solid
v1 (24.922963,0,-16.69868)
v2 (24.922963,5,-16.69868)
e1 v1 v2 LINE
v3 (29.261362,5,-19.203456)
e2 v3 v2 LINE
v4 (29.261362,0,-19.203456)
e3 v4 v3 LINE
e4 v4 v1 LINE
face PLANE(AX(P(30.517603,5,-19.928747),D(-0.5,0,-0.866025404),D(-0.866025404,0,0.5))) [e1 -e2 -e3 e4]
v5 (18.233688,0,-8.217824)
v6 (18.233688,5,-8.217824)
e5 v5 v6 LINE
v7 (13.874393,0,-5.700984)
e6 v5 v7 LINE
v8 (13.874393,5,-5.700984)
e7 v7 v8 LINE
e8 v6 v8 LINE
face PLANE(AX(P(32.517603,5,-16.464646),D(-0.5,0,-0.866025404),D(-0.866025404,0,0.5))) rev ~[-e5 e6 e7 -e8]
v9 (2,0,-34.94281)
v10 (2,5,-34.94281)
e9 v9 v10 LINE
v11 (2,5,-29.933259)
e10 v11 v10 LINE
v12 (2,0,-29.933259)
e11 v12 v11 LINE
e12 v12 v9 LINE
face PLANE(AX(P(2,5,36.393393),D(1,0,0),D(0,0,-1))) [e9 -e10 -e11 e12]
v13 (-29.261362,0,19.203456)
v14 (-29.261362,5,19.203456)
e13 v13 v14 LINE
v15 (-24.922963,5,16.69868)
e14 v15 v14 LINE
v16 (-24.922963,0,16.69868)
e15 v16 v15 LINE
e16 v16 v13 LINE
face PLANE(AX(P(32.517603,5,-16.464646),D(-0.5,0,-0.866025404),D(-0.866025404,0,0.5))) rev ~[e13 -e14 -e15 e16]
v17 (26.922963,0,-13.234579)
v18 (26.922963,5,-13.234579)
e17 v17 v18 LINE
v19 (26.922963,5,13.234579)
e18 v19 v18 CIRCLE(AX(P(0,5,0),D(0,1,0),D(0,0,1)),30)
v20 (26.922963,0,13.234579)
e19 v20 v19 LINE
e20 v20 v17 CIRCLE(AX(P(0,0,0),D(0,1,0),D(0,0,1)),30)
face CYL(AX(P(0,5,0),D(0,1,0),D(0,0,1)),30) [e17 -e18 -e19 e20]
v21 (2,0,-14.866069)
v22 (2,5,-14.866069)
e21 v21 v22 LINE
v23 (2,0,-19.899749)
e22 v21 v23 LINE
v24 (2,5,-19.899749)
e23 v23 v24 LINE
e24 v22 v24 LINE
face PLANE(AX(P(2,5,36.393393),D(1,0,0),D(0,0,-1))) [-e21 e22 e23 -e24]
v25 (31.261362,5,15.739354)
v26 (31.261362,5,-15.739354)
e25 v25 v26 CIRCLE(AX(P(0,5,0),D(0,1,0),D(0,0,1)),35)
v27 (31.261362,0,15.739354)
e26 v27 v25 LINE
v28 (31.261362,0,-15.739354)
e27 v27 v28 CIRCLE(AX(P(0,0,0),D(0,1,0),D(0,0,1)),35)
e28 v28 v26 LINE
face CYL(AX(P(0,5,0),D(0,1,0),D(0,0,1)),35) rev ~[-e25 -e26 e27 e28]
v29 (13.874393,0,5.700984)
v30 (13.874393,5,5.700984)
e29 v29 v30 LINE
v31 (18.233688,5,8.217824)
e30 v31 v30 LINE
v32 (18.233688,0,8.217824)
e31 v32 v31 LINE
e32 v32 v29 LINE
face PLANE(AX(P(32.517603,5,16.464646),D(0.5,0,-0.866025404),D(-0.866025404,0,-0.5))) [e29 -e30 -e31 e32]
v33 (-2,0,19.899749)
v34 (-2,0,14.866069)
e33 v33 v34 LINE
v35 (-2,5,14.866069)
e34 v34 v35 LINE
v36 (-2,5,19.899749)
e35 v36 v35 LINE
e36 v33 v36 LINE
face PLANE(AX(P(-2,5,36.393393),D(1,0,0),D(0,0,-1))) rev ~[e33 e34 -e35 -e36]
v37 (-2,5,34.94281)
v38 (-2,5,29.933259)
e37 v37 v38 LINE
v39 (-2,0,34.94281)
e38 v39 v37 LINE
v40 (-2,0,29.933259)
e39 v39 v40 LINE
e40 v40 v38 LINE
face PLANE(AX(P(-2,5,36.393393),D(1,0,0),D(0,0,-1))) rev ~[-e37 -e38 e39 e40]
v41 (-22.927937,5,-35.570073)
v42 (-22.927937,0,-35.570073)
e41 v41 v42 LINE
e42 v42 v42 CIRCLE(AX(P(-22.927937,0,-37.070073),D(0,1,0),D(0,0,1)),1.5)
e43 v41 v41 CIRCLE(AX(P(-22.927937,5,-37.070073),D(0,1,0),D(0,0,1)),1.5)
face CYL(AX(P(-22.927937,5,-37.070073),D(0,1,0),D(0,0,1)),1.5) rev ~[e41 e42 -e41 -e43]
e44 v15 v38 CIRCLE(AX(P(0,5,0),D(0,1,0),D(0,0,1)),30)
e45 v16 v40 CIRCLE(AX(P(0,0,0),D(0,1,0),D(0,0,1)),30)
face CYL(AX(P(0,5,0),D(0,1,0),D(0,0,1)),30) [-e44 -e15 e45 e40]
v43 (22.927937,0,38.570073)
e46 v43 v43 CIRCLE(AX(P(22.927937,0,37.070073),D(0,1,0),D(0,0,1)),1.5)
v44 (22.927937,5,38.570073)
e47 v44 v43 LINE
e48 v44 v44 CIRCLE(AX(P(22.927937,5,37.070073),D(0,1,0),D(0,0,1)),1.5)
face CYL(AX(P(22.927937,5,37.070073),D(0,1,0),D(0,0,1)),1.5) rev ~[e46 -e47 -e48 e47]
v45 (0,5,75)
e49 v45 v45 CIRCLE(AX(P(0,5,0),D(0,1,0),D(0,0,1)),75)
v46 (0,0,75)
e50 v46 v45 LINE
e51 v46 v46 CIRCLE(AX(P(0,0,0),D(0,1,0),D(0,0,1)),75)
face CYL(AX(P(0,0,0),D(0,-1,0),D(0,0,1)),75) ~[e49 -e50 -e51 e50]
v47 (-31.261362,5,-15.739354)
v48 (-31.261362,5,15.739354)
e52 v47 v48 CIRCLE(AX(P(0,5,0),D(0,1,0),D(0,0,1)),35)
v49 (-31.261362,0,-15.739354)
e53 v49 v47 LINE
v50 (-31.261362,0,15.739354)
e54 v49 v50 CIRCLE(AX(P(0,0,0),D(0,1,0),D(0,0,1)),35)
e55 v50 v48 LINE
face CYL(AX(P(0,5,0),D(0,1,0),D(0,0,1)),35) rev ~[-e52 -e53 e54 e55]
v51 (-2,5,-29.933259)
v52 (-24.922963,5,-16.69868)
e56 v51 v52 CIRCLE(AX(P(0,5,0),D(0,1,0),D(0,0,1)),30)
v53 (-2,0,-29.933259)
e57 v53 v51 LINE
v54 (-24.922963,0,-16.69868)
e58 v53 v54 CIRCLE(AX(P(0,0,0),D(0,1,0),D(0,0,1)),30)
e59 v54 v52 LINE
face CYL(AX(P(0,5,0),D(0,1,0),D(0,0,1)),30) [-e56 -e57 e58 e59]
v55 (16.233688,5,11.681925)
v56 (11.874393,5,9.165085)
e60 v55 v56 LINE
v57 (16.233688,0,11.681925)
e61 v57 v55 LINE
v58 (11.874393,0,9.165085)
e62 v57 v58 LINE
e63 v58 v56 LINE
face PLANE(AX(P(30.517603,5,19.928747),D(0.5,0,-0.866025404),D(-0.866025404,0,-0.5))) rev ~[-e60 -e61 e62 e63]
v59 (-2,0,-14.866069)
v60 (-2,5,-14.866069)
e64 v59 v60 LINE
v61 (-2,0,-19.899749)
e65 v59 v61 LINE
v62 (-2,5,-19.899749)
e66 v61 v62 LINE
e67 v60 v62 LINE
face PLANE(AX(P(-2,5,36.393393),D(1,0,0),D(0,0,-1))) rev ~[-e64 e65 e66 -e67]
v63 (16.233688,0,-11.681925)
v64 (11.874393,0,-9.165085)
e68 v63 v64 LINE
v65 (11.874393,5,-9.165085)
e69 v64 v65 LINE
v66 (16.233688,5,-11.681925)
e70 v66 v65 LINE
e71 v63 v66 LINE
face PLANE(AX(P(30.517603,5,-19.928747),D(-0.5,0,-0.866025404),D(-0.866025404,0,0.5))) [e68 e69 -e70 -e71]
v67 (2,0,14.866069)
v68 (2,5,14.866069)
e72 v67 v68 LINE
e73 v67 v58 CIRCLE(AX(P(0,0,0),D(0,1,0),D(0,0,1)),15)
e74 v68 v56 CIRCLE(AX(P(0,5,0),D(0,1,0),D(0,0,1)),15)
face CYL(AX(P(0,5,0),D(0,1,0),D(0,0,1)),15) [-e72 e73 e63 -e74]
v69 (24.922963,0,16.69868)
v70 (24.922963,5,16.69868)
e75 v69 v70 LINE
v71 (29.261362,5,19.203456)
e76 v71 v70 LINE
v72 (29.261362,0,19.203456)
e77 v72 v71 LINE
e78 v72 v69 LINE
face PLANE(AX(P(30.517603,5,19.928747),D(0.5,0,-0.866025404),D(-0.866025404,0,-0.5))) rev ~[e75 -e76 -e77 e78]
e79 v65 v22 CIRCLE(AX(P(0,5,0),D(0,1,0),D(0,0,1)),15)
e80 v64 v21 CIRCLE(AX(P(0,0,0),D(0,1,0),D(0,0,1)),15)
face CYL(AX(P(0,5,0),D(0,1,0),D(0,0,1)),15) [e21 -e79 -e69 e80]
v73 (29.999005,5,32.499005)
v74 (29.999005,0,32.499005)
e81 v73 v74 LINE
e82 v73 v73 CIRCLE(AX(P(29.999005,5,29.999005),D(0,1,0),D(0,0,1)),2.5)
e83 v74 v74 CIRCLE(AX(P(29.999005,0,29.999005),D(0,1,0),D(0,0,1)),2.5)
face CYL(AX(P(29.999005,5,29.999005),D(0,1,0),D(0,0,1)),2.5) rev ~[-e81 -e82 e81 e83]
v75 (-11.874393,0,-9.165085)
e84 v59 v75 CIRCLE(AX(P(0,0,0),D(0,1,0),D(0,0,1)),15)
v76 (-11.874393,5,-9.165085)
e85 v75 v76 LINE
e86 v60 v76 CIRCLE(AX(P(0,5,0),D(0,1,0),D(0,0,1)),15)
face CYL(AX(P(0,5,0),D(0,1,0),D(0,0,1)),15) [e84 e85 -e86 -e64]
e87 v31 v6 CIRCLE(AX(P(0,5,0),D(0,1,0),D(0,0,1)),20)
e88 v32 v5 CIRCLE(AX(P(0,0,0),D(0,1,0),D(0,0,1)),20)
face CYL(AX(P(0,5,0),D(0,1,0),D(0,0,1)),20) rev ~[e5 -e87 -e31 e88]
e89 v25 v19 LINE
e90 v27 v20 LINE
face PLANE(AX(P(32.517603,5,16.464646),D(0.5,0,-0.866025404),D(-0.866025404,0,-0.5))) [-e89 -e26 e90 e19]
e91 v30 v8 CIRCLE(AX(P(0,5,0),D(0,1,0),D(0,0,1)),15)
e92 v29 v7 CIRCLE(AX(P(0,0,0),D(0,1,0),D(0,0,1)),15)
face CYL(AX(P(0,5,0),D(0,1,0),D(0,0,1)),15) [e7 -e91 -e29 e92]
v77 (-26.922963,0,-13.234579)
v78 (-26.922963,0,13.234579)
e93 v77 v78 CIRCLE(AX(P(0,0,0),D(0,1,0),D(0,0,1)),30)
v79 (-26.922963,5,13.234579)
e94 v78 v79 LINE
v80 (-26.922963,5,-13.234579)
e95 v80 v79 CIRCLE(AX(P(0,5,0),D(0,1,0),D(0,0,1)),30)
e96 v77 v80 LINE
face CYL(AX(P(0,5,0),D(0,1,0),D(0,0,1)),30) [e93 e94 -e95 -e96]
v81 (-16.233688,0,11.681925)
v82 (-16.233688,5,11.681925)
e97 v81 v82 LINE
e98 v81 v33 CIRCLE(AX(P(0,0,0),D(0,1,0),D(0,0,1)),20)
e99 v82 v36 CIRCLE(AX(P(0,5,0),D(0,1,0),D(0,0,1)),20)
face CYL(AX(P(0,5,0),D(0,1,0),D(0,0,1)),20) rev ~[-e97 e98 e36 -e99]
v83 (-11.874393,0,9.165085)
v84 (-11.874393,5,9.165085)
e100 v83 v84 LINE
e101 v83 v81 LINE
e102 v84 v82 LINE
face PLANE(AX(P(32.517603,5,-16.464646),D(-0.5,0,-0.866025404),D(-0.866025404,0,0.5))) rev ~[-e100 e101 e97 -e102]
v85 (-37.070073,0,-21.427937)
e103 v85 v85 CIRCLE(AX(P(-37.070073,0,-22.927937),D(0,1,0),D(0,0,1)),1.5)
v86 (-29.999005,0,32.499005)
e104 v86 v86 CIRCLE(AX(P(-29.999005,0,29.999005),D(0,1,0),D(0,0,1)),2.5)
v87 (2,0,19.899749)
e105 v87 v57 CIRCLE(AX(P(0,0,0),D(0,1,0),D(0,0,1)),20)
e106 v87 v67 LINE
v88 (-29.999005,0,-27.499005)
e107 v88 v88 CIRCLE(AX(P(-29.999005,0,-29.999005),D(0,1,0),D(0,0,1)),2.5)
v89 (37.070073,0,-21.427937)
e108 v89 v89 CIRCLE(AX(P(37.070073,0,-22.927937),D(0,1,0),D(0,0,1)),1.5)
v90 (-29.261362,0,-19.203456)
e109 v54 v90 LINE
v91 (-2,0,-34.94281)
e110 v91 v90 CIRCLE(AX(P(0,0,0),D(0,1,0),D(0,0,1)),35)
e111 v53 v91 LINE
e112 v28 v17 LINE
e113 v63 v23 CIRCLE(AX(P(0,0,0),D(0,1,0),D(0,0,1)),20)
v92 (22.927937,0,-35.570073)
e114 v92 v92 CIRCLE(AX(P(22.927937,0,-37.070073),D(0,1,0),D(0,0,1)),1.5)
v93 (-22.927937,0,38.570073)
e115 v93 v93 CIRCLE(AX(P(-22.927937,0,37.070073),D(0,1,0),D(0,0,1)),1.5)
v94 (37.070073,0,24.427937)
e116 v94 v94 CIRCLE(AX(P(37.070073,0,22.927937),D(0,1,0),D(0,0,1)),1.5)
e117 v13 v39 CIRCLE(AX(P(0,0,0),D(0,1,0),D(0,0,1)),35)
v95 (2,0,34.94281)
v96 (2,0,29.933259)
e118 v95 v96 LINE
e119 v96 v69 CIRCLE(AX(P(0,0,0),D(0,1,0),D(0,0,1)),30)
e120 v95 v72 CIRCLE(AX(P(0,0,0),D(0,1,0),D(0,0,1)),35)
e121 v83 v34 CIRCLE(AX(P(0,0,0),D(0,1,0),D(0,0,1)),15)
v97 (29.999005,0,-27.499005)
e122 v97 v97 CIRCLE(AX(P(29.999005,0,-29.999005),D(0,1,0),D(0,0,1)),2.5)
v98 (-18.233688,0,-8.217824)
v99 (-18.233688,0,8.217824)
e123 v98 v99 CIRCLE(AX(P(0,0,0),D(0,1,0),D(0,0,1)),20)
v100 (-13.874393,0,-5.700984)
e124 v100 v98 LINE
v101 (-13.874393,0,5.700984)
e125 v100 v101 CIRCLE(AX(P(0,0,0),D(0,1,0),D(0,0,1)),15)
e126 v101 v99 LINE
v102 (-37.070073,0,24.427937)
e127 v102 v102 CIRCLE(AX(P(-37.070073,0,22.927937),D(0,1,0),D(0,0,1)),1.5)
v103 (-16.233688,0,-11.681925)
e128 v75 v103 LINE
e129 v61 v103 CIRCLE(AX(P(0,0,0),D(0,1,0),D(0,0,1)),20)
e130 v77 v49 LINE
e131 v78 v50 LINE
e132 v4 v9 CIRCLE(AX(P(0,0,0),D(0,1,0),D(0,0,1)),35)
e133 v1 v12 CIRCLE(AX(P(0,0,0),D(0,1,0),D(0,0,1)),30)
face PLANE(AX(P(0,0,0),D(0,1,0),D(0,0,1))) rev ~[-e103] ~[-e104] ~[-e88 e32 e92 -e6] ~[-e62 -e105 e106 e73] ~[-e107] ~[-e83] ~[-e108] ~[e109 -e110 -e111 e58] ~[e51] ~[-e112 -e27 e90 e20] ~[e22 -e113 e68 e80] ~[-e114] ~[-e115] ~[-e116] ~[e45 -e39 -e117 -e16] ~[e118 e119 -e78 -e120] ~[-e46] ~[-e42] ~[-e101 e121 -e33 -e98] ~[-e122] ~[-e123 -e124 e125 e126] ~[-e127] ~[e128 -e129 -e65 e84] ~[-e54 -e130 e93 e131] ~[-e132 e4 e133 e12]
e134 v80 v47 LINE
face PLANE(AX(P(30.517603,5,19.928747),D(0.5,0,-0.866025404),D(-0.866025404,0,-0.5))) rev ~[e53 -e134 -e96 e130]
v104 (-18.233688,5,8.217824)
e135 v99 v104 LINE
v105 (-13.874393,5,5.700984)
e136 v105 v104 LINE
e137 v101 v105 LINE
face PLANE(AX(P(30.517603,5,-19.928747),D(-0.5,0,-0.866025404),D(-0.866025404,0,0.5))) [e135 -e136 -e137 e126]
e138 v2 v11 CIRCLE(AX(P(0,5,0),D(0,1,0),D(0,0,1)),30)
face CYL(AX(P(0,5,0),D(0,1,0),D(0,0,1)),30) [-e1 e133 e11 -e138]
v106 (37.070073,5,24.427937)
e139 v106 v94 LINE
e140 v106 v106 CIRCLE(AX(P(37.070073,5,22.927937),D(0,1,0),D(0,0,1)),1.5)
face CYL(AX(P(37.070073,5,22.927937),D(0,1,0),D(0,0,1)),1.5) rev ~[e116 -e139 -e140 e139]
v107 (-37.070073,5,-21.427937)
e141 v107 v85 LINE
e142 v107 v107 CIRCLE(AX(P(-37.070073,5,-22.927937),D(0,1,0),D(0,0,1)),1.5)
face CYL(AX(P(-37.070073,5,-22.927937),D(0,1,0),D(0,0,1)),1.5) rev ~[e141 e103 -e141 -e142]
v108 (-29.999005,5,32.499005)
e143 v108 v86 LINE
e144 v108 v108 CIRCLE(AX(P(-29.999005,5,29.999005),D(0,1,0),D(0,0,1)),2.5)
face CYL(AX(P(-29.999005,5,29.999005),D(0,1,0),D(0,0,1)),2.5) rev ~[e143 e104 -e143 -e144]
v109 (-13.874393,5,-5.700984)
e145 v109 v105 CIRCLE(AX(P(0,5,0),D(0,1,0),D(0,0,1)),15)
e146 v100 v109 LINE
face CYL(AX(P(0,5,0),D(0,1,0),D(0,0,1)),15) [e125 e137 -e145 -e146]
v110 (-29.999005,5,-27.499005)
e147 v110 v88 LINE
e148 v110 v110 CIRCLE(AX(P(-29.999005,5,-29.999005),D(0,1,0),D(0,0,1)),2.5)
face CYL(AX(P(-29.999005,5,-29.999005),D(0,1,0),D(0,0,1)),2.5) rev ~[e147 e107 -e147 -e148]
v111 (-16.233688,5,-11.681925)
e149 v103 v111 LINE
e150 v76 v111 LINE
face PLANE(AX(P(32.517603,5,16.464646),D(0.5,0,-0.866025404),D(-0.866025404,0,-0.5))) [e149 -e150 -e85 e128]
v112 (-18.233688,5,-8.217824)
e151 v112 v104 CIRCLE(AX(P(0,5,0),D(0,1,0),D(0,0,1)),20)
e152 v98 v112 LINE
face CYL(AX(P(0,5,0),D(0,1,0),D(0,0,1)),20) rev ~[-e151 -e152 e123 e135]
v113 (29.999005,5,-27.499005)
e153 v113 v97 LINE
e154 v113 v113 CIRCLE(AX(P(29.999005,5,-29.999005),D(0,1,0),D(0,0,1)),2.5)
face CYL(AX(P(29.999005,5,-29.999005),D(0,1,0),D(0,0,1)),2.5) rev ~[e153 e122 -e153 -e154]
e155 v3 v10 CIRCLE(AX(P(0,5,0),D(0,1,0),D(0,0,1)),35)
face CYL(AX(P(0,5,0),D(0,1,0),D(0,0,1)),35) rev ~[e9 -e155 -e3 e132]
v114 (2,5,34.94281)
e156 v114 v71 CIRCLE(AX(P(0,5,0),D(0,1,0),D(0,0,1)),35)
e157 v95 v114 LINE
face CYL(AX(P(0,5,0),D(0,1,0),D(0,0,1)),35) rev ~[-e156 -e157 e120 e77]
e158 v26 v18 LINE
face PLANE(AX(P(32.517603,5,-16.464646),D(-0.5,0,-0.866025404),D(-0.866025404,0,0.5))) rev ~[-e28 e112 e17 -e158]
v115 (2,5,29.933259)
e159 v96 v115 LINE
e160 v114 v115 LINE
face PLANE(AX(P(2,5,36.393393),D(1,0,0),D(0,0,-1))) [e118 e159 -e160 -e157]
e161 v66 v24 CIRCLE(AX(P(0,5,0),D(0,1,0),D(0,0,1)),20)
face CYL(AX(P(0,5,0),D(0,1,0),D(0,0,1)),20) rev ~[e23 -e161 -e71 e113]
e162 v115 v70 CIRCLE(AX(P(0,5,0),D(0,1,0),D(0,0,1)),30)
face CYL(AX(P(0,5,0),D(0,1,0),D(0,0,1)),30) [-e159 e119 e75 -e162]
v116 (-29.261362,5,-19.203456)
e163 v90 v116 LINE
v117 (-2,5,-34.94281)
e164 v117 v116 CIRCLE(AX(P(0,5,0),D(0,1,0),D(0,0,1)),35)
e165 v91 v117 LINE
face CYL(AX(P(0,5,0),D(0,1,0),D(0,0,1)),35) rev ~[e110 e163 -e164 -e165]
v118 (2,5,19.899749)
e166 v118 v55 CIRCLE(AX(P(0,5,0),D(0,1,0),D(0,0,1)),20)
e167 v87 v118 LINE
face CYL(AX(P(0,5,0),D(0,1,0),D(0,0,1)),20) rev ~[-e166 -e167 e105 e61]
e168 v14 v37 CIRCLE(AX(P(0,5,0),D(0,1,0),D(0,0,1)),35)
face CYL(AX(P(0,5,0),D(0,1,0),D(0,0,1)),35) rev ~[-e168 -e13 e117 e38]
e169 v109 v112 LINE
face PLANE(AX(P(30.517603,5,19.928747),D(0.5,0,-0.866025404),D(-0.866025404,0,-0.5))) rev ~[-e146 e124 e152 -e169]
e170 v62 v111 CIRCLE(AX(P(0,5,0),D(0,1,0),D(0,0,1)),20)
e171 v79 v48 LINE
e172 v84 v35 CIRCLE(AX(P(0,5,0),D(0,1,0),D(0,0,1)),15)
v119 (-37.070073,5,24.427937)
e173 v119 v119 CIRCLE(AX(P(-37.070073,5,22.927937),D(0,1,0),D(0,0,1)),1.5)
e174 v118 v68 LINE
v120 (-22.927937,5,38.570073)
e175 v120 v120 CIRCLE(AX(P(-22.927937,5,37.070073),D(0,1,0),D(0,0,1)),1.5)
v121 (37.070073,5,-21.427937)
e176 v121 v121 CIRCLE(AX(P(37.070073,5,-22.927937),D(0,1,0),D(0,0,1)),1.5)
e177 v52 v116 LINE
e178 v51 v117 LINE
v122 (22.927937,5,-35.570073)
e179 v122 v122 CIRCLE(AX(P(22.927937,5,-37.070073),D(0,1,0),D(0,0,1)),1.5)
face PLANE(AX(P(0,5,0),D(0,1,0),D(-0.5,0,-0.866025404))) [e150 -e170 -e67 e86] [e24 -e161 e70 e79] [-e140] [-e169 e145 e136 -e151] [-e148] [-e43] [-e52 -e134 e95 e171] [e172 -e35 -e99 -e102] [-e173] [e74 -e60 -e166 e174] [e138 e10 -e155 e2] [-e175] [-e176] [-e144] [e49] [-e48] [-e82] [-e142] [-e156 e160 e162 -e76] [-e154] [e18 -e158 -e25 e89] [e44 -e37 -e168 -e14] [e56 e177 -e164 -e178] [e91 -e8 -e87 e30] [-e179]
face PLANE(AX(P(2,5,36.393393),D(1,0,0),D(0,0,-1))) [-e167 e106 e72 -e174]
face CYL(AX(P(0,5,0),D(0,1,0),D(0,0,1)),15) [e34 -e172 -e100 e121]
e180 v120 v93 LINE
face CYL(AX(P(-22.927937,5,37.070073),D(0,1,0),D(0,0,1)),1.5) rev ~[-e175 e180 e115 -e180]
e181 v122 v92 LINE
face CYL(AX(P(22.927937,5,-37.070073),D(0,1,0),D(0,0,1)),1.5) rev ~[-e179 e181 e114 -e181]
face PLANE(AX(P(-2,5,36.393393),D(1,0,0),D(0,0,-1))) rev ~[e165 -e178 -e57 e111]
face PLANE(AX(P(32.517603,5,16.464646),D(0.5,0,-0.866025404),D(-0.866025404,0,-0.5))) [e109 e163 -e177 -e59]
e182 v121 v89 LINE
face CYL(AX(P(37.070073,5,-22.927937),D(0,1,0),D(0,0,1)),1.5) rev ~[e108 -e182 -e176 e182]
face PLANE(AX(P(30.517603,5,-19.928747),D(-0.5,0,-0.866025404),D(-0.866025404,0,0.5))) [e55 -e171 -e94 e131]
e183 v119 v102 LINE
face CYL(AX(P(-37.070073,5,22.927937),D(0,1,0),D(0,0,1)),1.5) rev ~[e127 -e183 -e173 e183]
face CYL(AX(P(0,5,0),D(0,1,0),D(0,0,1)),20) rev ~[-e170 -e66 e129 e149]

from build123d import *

# Parameters (mm, degrees)
SKETCH1_R           = 75
BOSS_EXTRUDE1_DEPTH = 5
SKETCH2_R           = 2.5
SKETCH2_R_2         = 1.5
CUT_EXTRUDE1_DEPTH  = 5
SKETCH3_R           = 35
SKETCH3_R_2         = 30
SKETCH3_R_3         = 20
SKETCH3_R_4         = 15
CUT_EXTRUDE3_DEPTH  = 5
SKETCH4_W           = 4
SKETCH4_H           = 72.786785362
BOSS_EXTRUDE2_DEPTH = 5
CIRPATTERN1_COUNT   = 6


with BuildPart() as part:
    # Sketch1 → Boss-Extrude1 (new body)
    with BuildSketch(Plane(origin=(0, 0, 0), x_dir=(1, 0, 0), z_dir=(0, 1, 0))):
        Circle(SKETCH1_R)
    extrude(amount=BOSS_EXTRUDE1_DEPTH)

    # Sketch2 → Cut-Extrude1 (cut)
    with BuildSketch(Plane(origin=(0, 5, 0), x_dir=(1, 0, 0), z_dir=(0, 1, 0))):
        with Locations((-29.999005192, 29.999005192)):
            Circle(SKETCH2_R)
        with Locations((29.999005192, 29.999005192)):
            Circle(SKETCH2_R)
        with Locations((29.999005192, -29.999005192)):
            Circle(SKETCH2_R)
        with Locations((-29.999005192, -29.999005192)):
            Circle(SKETCH2_R)
        with Locations((-22.92793738, 37.070073004)):
            Circle(SKETCH2_R_2)
        with Locations((-37.070073004, 22.92793738)):
            Circle(SKETCH2_R_2)
        with Locations((22.92793738, 37.070073004)):
            Circle(SKETCH2_R_2)
        with Locations((37.070073004, 22.92793738)):
            Circle(SKETCH2_R_2)
        with Locations((-37.070073004, -22.92793738)):
            Circle(SKETCH2_R_2)
        with Locations((-22.92793738, -37.070073004)):
            Circle(SKETCH2_R_2)
        with Locations((22.92793738, -37.070073004)):
            Circle(SKETCH2_R_2)
        with Locations((37.070073004, -22.92793738)):
            Circle(SKETCH2_R_2)
    extrude(amount=-CUT_EXTRUDE1_DEPTH, mode=Mode.SUBTRACT)

    # Sketch3 → Cut-Extrude3 (cut)
    # profile 1 of 2: a face of its own
    with BuildSketch(Plane(origin=(0, 5, 0), x_dir=(1, 0, 0), z_dir=(0, 1, 0))):
        Circle(SKETCH3_R)
        Circle(SKETCH3_R_2, mode=Mode.SUBTRACT)
    # profile 2 of 2: a face of its own
    with BuildSketch(Plane(origin=(0, 5, 0), x_dir=(1, 0, 0), z_dir=(0, 1, 0))):
        Circle(SKETCH3_R_3)
        Circle(SKETCH3_R_4, mode=Mode.SUBTRACT)
    extrude(amount=-CUT_EXTRUDE3_DEPTH, mode=Mode.SUBTRACT)


with BuildPart() as cut_extrude3_piece_1:
    # of the separate pieces the step leaves, piece 1, a body of its own (cut_extrude3_pieces)
    add(part.part.solids().sort_by_distance((75, 0, 0))[0])



with BuildPart() as cut_extrude3_piece_2:
    # of the separate pieces the step leaves, piece 2, a body of its own (cut_extrude3_pieces)
    add(part.part.solids().sort_by_distance((30, 0, 0))[0])


with BuildPart() as cut_extrude3_piece_3:
    # of the separate pieces the step leaves, piece 3, a body of its own (cut_extrude3_pieces)
    add(part.part.solids().sort_by_distance((15, 0, 0))[0])


with BuildPart() as cut_extrude3_piece_1_1:
    add(cut_extrude3_piece_1.part)

    add(cut_extrude3_piece_2.part)  # Boss-Extrude2 merges Cut-Extrude3 piece 2

    add(cut_extrude3_piece_3.part)  # Boss-Extrude2 merges Cut-Extrude3 piece 3
    # Sketch4 → Boss-Extrude2 (add)
    with BuildSketch(Plane(origin=(0, 5, 0), x_dir=(1, 0, 0), z_dir=(0, 1, 0))):
        Rectangle(SKETCH4_W, SKETCH4_H)
    boss_extrude2 = extrude(amount=-BOSS_EXTRUDE2_DEPTH)

    # CirPattern1: Boss-Extrude2 ×6 about axis
    cirpattern1_axis = Axis((0, 5, 0), (0, 1, 0))
    for i in range(1, CIRPATTERN1_COUNT):
        add(boss_extrude2.rotate(cirpattern1_axis, i * 360 / CIRPATTERN1_COUNT))


solid = cut_extrude3_piece_1_1.part
